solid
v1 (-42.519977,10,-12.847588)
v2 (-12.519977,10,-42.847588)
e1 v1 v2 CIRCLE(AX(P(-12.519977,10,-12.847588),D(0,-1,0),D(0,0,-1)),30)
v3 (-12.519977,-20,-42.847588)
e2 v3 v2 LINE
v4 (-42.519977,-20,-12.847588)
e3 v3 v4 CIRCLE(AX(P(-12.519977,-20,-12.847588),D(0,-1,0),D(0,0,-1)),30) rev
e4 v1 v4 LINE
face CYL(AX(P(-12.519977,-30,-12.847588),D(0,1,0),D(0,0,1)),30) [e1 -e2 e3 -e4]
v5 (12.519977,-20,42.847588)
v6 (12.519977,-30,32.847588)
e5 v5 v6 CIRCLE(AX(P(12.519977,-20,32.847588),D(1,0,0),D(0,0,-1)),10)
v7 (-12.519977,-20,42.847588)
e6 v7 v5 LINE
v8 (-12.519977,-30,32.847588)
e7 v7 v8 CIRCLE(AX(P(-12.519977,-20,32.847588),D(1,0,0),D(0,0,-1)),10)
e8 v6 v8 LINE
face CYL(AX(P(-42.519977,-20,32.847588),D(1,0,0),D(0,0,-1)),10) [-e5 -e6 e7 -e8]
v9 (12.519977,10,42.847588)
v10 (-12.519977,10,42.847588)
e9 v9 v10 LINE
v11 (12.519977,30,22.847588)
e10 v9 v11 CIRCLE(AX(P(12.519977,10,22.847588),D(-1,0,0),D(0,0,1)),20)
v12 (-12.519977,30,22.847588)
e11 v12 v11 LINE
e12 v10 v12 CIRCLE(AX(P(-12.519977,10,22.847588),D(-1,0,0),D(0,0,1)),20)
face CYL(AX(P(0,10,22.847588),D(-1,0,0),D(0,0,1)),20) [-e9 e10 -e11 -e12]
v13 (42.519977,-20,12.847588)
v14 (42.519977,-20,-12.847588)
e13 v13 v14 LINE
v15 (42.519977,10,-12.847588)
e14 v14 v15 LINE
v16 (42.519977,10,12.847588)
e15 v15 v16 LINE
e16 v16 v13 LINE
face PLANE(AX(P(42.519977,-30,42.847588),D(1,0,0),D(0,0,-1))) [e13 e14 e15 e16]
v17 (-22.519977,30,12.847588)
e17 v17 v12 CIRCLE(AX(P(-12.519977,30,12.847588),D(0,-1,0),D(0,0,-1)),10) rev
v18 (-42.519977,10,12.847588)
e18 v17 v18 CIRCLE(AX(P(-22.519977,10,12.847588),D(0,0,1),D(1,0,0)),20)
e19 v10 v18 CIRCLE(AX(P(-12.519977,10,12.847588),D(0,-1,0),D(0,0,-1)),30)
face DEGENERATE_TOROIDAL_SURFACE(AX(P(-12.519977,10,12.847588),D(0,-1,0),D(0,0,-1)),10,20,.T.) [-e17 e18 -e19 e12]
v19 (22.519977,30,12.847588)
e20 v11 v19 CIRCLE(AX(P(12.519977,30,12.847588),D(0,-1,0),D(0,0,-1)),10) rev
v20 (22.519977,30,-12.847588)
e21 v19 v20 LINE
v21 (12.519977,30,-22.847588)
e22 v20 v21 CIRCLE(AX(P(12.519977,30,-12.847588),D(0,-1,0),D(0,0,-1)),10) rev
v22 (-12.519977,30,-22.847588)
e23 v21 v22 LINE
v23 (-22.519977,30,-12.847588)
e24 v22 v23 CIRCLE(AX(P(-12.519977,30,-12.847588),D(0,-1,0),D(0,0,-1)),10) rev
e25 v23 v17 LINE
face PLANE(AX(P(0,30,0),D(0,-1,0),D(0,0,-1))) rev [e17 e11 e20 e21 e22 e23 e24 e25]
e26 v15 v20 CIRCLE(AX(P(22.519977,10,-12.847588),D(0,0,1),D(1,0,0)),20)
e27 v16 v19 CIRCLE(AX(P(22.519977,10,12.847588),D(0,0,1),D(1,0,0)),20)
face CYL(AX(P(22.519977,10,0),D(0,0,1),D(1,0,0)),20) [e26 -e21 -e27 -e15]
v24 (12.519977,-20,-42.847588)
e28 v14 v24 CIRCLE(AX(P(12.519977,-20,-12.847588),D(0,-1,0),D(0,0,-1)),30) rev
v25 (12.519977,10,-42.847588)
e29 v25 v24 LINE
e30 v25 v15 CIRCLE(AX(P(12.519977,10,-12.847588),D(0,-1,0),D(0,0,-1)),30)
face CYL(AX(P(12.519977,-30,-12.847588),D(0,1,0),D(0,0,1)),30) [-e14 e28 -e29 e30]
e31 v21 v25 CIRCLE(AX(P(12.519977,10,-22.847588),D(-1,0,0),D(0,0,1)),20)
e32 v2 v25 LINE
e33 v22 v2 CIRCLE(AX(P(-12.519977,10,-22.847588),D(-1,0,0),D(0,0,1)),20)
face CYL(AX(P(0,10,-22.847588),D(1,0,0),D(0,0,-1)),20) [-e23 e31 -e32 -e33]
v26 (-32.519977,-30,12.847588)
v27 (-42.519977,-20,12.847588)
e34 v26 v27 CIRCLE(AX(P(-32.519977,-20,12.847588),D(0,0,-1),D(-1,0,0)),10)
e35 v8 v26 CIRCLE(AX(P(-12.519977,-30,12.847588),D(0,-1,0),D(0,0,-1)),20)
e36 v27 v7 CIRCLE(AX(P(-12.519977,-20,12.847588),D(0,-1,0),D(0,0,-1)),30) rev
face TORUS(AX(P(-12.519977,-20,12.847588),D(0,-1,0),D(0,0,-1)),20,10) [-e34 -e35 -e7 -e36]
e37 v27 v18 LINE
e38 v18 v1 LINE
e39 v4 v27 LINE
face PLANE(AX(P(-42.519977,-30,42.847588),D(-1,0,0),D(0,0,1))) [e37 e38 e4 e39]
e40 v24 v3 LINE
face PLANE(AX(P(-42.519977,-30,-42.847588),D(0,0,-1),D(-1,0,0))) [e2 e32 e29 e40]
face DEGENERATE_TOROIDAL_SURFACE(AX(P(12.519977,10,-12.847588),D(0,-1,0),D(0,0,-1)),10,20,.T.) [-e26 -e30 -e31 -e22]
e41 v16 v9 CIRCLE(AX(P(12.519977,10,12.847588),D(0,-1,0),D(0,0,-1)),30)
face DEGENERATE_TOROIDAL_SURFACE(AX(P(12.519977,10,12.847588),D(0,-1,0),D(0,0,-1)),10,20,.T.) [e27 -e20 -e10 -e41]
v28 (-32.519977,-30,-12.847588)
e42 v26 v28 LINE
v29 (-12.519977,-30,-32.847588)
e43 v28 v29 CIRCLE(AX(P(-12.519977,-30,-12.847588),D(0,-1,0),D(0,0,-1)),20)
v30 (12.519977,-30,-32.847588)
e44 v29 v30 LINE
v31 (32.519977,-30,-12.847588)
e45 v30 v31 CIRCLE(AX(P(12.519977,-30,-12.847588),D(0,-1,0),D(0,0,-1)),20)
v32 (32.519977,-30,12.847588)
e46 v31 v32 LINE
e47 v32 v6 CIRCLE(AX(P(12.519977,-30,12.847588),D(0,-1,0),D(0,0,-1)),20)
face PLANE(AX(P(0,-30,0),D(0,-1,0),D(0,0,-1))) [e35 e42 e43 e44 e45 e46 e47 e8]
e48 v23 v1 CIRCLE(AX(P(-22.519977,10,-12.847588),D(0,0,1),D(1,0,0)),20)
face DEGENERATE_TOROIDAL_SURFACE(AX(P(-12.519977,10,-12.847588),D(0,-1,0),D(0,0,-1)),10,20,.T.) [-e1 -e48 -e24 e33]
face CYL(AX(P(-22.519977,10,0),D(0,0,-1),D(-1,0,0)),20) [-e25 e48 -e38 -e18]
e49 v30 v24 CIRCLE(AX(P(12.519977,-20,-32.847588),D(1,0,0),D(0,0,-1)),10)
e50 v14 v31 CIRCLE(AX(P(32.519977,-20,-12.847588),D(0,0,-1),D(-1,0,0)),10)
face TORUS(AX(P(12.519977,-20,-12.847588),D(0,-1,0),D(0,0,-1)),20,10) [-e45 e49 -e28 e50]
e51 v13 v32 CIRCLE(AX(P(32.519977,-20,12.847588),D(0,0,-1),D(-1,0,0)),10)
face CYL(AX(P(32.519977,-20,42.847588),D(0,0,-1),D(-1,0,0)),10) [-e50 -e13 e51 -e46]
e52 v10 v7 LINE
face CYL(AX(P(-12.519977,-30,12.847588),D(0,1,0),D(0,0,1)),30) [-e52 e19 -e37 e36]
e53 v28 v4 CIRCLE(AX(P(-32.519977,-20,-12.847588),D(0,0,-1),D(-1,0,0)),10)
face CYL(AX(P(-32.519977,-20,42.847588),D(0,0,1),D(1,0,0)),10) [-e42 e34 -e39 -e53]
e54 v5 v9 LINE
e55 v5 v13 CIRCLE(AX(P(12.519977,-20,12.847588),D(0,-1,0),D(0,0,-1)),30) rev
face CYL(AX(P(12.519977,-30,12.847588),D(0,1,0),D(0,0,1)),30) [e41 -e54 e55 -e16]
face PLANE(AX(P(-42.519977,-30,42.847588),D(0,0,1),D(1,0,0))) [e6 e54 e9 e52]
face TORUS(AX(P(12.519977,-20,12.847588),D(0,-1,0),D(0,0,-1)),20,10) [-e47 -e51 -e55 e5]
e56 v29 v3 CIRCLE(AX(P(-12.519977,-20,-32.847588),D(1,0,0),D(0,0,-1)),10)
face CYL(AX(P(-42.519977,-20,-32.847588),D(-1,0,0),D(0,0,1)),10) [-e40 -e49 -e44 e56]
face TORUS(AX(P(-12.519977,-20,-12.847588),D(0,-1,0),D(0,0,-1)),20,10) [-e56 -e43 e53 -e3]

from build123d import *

# Parameters (mm, degrees)
SKETCH1_W                = 85.03995341
SKETCH1_H                = 85.695176246
BOSS_EXTRUDE1_DEPTH      = 30
BOSS_EXTRUDE1_DEPTH_BACK = 30
FILLET1_R                = 30
FILLET2_R                = 20
FILLET3_R                = 10


with BuildPart() as part:
    # Sketch1 → Boss-Extrude1 (new body, two sides)
    with BuildSketch(Plane(origin=(0, 0, 0), x_dir=(1, 0, 0), z_dir=(0, 1, 0))) as boss_extrude1_sk:
        Rectangle(SKETCH1_W, SKETCH1_H)
    extrude(amount=BOSS_EXTRUDE1_DEPTH)
    extrude(boss_extrude1_sk.sketch, amount=-BOSS_EXTRUDE1_DEPTH_BACK)

    # Fillet1
    fillet1_edges = [part.edges().sort_by_distance(p)[0] for p in [
        (42.519976705, 0, 42.847588123),
        (-42.519976705, 0, 42.847588123),
        (-42.519976705, 0, -42.847588123),
        (42.519976705, 0, -42.847588123),
    ]]
    fillet(fillet1_edges, radius=FILLET1_R)

    # Fillet2
    fillet2_edges = [part.edges().sort_by_distance(p)[0] for p in [
        (0, 30, 42.847588123),
        (42.519976705, 30, 0),
        (0, 30, -42.847588123),
        (-42.519976705, 30, 0),
        (-33.73318014, 30, -34.060791558),
        (-33.73318014, 30, 34.060791558),
        (33.73318014, 30, -34.060791558),
        (33.73318014, 30, 34.060791558),
    ]]
    fillet(fillet2_edges, radius=FILLET2_R)

    # Fillet3
    fillet3_edges = [part.edges().sort_by_distance(p)[0] for p in [
        (0, -30, 42.847588123),
        (42.519976705, -30, 0),
        (-42.519976705, -30, 0),
        (0, -30, -42.847588123),
        (-33.73318014, -30, -34.060791558),
        (-33.73318014, -30, 34.060791558),
        (33.73318014, -30, -34.060791558),
        (33.73318014, -30, 34.060791558),
    ]]
    fillet(fillet3_edges, radius=FILLET3_R)


solid = part.part
